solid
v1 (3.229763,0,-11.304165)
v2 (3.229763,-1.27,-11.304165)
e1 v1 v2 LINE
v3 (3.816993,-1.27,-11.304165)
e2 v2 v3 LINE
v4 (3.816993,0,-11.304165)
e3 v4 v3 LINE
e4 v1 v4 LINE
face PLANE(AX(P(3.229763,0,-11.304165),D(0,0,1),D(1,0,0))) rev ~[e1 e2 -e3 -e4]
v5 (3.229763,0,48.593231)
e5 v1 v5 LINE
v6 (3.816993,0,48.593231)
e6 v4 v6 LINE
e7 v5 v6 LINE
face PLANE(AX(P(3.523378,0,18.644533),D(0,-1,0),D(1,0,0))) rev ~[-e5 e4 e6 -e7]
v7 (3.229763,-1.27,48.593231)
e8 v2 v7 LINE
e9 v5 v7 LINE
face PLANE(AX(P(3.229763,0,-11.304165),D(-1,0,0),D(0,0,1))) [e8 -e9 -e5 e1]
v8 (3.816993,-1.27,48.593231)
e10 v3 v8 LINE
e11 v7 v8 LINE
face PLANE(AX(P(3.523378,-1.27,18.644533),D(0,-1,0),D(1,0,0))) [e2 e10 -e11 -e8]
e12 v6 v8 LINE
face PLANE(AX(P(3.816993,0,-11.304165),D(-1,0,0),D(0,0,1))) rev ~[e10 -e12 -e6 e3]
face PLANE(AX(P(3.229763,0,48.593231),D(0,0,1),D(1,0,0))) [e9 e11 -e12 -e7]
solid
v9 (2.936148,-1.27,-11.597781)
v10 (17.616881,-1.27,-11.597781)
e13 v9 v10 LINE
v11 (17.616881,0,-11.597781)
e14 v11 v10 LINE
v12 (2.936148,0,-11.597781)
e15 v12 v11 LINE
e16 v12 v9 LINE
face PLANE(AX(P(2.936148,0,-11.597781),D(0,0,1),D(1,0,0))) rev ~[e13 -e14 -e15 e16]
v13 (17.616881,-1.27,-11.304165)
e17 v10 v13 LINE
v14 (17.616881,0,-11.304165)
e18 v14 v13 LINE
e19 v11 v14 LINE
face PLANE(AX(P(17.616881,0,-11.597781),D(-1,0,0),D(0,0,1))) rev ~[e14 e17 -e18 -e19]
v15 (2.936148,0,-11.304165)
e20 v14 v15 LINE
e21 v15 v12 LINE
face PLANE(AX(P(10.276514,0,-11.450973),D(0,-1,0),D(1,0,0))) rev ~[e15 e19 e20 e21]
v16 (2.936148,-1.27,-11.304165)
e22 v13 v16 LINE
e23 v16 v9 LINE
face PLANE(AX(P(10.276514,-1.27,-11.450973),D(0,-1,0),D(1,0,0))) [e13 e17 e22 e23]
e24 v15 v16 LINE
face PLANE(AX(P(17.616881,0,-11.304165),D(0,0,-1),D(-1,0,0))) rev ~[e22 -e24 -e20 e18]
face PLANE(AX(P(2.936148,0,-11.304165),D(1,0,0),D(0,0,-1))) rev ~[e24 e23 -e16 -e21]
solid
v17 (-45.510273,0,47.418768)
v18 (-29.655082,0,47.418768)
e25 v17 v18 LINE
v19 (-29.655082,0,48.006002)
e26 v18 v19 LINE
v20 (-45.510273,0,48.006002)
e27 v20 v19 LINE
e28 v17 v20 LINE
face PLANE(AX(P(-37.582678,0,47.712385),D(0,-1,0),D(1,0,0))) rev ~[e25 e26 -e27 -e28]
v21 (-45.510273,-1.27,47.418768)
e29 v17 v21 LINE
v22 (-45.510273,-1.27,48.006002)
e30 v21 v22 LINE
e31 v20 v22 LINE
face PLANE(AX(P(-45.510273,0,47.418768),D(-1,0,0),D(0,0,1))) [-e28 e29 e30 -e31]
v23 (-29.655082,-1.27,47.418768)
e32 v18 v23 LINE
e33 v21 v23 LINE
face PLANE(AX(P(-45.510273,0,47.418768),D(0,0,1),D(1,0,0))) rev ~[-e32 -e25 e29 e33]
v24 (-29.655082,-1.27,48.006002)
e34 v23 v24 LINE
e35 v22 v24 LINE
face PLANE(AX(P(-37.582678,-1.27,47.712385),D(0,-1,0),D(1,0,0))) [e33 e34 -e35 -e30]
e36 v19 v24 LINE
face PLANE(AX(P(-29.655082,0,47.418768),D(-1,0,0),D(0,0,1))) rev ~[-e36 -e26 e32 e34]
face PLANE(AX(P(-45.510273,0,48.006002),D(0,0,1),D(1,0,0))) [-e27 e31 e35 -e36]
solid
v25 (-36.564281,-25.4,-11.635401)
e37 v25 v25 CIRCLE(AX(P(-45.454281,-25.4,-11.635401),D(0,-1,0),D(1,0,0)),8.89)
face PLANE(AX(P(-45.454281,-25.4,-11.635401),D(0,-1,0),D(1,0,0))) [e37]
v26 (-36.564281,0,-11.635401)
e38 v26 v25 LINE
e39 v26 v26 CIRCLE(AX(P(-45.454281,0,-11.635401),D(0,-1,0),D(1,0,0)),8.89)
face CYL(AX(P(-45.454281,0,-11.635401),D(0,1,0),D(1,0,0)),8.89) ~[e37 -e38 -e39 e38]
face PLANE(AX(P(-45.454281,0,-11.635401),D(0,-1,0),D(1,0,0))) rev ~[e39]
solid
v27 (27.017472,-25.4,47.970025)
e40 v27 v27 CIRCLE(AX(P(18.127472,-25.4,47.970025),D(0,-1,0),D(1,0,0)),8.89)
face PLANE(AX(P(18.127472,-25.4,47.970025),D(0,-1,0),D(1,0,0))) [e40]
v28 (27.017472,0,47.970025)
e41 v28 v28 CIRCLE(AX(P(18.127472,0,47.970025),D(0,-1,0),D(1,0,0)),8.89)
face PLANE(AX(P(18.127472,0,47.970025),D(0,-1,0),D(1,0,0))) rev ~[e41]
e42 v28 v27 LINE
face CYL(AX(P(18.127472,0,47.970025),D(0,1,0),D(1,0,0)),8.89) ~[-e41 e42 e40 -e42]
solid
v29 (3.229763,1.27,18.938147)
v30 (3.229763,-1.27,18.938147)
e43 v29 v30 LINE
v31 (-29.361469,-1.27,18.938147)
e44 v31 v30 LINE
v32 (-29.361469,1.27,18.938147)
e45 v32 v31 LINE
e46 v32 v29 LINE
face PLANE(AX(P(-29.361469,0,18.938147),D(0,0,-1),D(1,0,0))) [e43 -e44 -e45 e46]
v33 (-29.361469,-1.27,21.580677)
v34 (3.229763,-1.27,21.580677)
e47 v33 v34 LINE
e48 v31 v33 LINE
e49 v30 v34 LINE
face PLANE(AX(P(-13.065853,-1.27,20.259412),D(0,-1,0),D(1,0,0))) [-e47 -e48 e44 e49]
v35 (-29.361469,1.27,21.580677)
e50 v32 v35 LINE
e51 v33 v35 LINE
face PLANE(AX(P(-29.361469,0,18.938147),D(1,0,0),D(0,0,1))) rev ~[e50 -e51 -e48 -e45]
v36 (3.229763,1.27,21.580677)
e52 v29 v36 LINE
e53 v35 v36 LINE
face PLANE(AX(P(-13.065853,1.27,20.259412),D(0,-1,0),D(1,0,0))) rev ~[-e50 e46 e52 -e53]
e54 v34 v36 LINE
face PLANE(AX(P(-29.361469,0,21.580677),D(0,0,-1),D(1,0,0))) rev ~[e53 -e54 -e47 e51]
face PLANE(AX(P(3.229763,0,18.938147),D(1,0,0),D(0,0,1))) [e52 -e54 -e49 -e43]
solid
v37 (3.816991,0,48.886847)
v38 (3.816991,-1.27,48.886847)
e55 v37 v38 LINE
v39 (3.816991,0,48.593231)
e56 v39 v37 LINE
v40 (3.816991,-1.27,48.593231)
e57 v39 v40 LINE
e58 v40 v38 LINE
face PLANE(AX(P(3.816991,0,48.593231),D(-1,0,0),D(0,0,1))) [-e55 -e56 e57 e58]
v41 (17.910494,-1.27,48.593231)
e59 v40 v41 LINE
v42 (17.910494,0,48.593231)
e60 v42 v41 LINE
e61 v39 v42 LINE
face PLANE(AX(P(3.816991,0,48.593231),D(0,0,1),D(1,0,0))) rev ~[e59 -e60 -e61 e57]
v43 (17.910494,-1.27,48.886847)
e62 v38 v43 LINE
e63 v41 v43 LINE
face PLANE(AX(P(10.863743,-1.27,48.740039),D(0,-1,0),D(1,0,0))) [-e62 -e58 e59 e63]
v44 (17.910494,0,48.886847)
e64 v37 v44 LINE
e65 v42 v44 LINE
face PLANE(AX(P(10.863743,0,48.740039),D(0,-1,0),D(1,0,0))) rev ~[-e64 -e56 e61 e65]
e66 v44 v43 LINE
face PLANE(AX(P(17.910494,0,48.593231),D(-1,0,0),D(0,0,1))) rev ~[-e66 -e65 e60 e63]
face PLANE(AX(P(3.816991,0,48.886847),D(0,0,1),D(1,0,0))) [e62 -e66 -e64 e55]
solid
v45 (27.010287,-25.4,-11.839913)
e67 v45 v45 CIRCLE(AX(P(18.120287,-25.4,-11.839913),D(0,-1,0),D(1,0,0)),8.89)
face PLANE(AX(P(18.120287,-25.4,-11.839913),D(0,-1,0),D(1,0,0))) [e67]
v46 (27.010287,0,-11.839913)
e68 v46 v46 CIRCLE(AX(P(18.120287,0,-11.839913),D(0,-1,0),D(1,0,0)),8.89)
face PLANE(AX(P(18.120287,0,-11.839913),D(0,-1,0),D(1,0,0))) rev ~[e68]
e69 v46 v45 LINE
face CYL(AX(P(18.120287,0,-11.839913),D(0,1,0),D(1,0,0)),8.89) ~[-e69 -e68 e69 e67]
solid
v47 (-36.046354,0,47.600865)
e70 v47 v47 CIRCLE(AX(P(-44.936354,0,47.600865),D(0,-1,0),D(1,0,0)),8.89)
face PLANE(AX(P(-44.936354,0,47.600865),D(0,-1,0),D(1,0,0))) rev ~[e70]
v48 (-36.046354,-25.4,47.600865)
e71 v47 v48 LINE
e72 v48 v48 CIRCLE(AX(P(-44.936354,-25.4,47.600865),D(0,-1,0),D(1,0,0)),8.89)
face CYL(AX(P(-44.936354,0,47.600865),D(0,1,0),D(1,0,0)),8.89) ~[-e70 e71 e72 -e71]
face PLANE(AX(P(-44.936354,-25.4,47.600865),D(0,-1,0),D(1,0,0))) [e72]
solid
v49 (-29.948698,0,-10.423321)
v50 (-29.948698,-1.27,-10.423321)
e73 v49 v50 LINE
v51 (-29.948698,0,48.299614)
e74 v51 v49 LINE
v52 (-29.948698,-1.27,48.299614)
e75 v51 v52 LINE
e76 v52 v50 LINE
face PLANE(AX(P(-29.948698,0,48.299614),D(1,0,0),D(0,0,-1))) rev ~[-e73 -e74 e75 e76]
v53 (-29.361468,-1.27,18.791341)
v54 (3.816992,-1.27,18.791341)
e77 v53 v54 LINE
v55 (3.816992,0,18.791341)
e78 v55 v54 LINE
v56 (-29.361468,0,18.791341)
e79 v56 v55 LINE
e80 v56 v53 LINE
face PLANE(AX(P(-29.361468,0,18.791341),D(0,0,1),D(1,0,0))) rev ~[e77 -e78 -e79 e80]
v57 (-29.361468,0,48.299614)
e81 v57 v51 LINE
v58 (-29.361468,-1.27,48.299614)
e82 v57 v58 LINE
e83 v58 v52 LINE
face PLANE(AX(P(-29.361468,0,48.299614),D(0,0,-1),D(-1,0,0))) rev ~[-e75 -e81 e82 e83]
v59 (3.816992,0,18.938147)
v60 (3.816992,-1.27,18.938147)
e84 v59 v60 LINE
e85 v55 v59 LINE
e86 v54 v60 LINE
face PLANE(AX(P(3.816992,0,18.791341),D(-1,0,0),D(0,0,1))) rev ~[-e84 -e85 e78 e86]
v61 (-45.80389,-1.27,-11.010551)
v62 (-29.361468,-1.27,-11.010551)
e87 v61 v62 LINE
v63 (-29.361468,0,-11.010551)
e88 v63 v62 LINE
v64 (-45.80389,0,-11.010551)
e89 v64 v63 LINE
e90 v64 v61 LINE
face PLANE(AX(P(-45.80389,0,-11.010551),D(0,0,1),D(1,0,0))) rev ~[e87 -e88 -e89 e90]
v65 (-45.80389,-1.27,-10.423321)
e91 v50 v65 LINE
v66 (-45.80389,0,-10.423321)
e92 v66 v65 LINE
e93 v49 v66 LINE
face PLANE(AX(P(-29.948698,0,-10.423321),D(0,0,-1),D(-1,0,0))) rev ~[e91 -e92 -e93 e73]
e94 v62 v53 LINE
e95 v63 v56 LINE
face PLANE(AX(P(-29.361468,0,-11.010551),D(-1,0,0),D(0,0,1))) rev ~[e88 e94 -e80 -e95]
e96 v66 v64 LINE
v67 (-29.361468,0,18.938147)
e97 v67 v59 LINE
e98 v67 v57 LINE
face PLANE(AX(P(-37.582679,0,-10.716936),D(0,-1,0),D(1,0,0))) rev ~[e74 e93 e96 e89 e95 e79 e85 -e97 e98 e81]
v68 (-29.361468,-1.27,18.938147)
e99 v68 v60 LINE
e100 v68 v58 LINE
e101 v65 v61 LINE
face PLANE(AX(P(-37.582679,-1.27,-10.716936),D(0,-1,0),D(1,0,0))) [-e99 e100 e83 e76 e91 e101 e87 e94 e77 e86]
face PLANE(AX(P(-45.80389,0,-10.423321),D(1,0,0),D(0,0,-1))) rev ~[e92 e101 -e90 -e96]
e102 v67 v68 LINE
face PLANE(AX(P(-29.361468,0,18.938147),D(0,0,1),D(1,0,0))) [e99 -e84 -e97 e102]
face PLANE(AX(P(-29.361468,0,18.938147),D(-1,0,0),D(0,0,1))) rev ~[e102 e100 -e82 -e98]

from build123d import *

# Parameters (mm, degrees)
F0_R          = 8.89
F1_DEPTH      = 25.4
F2_W          = 14.093503
F2_H          = 0.293616
F2_W_2        = 33.17846
F2_H_2        = 0.146806
F3_DEPTH      = 1.27
F4_W          = 15.855191
F4_H          = 0.587233
F4_W_2        = 0.587229
F4_H_2        = 59.897396
F5_DEPTH      = 1.27
F6_W          = 32.591231
F6_H          = 2.64253
F7_DEPTH      = 1.27
F7_DEPTH_BACK = 1.27


with BuildPart() as f1:
    # F0 (on Front) → F1 (new body)
    with BuildSketch(Plane.XZ):
        with Locations((-44.936354, 47.600865)):
            Circle(F0_R)
        with Locations((18.127472, 47.970025)):
            Circle(F0_R)
        with Locations((-45.454281, -11.635401)):
            Circle(F0_R)
        with Locations((18.120287, -11.839913)):
            Circle(F0_R)
    extrude(amount=F1_DEPTH)


with BuildPart() as f3:
    # F2 (on Front) → F3 (new body)
    with BuildSketch(Plane.XZ):
        Polygon((-45.80389, -10.423321), (-45.80389, -11.010551), (-29.361468, -11.010551), (-29.361468, -10.423321), (-29.948698, -10.423321), align=None)
        with Locations((10.863743, 48.740039)):
            Rectangle(F2_W, F2_H)
        Polygon((17.616881, -11.304165), (3.816992, -11.304165), (2.936148, -11.304165), (2.936148, -11.597781), (17.616881, -11.597781), align=None)
        Polygon((-29.948698, -10.423321), (-29.361468, -10.423321), (-29.361468, 18.791341), (-29.361468, 18.938147), (-29.361468, 48.299614), (-29.948698, 48.299614), align=None)
        with Locations((-12.772238, 18.864744)):
            Rectangle(F2_W_2, F2_H_2)
    extrude(amount=F3_DEPTH)


with BuildPart() as f5:
    # F4 (on Front) → F5 (new body)
    with BuildSketch(Plane.XZ):
        with Locations((-37.582678, 47.712385)):
            Rectangle(F4_W, F4_H)
        with Locations((3.523378, 18.644533)):
            Rectangle(F4_W_2, F4_H_2)
    extrude(amount=F5_DEPTH)


with BuildPart() as f7:
    # F6 (on Front) → F7 (new body, two sides)
    with BuildSketch(Plane.XZ) as f7_sk:
        with Locations((-13.065853, 20.259412)):
            Rectangle(F6_W, F6_H)
    extrude(amount=F7_DEPTH)
    extrude(f7_sk.sketch, amount=-F7_DEPTH_BACK)


solid = Compound([f1.part, f3.part, f5.part, f7.part])
